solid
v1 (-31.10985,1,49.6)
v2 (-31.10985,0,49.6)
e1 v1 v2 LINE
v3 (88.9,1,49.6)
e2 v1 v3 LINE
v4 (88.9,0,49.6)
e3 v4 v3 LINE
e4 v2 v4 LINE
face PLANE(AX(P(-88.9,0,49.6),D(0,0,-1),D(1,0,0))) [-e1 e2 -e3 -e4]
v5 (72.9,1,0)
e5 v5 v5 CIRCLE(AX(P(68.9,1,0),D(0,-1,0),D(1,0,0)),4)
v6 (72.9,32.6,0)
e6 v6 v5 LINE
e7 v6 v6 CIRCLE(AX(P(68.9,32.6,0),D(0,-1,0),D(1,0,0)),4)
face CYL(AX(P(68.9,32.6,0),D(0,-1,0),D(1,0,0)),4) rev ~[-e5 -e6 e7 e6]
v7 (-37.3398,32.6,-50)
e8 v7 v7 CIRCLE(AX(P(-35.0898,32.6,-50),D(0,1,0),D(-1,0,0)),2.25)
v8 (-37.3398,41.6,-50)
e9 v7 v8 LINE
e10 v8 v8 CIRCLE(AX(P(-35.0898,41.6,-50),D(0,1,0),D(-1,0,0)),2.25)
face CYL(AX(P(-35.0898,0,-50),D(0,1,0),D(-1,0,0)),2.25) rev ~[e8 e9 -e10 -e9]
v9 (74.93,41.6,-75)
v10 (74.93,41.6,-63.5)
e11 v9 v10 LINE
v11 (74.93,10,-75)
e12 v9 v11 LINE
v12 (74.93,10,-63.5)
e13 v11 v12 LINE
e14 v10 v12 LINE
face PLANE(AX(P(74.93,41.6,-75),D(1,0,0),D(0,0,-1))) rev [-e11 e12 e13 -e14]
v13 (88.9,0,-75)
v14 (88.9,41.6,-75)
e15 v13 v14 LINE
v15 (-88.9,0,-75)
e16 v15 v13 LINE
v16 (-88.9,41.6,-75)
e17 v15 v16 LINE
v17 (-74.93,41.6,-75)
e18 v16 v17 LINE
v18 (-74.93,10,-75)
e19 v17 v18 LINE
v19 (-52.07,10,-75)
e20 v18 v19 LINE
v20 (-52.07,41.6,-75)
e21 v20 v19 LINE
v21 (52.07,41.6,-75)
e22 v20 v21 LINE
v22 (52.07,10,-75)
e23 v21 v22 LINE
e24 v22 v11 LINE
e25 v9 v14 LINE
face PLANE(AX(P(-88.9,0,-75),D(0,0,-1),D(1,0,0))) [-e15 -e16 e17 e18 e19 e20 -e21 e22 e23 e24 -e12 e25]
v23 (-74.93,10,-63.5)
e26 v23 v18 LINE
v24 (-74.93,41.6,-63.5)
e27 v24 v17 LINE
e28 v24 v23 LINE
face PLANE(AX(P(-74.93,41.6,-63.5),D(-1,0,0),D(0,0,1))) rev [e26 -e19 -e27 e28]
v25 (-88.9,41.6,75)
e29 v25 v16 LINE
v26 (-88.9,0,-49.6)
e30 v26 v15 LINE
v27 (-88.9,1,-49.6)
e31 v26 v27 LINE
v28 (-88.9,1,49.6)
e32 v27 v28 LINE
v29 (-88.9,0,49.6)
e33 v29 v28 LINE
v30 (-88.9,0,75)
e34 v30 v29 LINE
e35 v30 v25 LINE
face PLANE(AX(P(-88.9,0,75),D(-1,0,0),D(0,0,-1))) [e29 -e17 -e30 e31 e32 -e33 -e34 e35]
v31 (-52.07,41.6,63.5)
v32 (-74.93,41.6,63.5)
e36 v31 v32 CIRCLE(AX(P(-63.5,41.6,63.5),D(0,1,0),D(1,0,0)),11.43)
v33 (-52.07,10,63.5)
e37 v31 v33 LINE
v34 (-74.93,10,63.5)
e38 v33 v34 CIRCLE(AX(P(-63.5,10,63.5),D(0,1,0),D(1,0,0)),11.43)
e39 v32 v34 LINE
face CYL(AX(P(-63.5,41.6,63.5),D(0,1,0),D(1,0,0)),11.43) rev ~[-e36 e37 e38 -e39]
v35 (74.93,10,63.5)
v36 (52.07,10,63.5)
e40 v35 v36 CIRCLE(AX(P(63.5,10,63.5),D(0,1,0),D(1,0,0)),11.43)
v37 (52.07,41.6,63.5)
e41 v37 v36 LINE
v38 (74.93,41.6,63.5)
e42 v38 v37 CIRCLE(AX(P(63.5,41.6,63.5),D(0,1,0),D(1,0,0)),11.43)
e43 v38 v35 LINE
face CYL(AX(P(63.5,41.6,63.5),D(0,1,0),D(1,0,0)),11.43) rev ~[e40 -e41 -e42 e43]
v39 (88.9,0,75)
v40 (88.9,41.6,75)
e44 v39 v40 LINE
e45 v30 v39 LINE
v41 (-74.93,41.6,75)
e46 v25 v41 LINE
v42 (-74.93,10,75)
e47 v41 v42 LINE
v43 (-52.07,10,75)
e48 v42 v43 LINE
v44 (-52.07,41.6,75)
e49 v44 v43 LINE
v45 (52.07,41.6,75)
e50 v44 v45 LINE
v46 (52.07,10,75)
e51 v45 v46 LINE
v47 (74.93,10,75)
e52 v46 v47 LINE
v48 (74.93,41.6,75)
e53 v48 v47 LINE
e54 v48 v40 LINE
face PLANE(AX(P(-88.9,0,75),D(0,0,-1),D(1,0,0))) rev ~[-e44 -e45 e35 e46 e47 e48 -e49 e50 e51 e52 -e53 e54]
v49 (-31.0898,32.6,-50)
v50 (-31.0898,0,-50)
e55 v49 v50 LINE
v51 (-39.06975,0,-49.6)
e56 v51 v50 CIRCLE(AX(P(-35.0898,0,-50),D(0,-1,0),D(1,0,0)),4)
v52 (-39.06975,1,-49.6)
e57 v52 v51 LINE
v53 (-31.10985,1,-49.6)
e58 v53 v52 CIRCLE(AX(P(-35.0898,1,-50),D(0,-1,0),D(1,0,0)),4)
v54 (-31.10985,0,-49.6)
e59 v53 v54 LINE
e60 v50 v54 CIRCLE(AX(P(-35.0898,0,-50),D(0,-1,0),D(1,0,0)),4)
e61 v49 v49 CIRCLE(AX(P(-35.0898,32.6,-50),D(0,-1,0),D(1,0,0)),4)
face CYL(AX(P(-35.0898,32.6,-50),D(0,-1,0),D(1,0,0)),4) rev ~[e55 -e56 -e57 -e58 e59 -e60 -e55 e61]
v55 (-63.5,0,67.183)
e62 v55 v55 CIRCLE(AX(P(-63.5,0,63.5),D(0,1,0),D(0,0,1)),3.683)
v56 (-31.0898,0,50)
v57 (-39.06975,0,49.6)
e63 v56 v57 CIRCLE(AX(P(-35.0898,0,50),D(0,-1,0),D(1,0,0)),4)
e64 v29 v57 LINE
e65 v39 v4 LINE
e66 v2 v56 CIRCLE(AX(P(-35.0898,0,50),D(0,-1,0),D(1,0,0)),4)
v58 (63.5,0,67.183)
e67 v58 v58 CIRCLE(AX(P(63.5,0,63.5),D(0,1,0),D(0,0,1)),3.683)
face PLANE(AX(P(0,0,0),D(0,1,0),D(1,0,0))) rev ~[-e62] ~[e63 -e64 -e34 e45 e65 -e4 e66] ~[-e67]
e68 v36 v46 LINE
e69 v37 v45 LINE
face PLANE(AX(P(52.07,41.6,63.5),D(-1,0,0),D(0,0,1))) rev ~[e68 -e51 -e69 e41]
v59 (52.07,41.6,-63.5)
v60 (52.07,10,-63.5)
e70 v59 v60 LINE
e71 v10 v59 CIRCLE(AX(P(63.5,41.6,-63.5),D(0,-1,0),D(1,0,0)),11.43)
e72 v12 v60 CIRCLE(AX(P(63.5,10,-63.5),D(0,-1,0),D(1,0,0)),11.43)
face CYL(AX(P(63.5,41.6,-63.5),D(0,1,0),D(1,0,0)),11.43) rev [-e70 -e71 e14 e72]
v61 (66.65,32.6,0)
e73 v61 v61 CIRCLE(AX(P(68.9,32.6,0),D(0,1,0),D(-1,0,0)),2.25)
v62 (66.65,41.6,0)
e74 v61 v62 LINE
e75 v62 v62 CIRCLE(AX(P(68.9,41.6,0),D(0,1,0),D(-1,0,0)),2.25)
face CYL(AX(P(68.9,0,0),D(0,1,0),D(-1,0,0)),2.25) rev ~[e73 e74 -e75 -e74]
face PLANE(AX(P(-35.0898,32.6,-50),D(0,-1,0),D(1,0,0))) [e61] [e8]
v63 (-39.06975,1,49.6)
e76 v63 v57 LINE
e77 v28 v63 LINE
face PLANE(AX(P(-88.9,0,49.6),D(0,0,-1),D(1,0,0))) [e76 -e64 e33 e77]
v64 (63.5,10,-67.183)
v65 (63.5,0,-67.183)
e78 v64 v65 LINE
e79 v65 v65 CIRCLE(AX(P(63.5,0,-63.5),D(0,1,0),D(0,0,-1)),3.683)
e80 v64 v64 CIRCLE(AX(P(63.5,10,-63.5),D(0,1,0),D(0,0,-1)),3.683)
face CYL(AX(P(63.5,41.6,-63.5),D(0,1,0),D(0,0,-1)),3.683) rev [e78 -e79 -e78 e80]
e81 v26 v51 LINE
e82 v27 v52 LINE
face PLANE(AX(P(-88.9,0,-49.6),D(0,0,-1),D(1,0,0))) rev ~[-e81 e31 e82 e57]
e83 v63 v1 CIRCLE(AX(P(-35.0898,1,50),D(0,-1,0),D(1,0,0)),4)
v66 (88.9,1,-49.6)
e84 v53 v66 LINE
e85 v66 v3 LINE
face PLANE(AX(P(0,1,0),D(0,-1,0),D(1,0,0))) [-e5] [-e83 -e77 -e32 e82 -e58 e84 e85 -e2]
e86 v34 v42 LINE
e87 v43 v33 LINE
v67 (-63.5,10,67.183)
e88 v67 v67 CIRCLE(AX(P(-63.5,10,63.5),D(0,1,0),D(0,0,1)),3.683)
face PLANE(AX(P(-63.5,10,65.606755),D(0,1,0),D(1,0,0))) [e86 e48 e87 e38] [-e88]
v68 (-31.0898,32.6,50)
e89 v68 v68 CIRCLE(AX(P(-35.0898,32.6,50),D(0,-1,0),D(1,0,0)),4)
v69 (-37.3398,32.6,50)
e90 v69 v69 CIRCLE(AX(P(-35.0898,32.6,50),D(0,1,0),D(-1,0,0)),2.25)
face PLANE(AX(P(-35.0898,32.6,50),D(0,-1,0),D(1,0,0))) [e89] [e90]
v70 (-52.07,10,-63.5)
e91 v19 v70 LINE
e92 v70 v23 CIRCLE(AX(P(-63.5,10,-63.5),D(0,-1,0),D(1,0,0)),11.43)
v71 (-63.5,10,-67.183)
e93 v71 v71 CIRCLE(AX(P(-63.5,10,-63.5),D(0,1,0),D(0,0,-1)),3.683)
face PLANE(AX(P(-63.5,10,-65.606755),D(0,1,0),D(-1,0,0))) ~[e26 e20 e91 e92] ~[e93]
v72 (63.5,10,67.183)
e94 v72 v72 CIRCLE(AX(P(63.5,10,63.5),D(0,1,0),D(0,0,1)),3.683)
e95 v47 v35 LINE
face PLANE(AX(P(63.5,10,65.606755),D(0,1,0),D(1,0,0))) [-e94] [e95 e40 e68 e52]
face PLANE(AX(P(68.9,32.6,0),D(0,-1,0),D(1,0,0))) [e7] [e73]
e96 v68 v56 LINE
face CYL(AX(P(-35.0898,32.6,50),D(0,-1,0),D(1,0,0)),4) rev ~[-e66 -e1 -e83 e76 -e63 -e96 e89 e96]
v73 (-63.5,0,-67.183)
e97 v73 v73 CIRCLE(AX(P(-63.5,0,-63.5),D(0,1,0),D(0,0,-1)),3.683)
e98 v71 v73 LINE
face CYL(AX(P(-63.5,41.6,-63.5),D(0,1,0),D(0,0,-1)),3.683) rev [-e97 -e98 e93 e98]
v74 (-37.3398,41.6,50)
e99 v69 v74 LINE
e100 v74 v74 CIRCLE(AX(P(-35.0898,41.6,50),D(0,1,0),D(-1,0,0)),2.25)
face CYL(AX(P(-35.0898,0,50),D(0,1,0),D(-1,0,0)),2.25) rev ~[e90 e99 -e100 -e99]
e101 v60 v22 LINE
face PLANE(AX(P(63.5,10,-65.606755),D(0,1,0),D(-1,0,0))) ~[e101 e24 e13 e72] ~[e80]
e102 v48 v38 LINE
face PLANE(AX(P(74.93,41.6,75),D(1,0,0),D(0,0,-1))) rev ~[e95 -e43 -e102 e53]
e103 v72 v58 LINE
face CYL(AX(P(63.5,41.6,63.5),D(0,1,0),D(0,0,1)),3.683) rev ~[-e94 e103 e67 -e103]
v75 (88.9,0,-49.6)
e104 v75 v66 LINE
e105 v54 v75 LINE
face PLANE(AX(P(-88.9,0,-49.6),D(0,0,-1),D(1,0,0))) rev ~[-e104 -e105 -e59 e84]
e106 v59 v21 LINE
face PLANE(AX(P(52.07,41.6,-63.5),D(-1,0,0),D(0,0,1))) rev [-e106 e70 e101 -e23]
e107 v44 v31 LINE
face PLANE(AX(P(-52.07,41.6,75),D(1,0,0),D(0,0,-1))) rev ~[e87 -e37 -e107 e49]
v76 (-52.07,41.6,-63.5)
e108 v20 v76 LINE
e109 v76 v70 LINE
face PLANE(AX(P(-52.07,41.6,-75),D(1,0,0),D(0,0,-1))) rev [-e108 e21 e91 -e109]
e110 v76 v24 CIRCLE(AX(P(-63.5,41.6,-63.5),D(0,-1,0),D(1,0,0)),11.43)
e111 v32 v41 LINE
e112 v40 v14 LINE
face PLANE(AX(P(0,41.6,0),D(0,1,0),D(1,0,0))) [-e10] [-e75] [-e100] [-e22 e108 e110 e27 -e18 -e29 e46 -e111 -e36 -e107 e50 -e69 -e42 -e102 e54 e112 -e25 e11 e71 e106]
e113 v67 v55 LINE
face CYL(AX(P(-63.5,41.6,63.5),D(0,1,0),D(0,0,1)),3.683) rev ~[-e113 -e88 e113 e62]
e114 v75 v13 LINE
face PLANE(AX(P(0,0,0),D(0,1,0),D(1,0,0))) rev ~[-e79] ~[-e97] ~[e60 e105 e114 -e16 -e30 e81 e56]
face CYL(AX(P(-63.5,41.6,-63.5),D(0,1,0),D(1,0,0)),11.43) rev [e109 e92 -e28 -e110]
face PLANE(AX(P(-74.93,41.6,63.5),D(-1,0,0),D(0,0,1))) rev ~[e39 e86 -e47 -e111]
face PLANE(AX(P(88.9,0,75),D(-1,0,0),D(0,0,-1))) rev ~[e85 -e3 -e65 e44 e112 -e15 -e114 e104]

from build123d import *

# Parameters (mm, degrees)
SKETCH1_W                                           = 177.8
SKETCH1_H                                           = 150
BOSS_EXTRUDE1_DEPTH                                 = 41.6
SKETCH2_R                                           = 3.683
CUT_EXTRUDE1_DEPTH                                  = 42.6
CUT_EXTRUDE2_DEPTH                                  = 31.6
CBORE_FOR_M4_HEX_SOCKET_HEAD_CAP_SCREW1_D           = 4.5
CBORE_FOR_M4_HEX_SOCKET_HEAD_CAP_SCREW1_CBORE_D     = 8
CBORE_FOR_M4_HEX_SOCKET_HEAD_CAP_SCREW1_CBORE_DEPTH = 32.6
SKETCH9_W                                           = 177.8
SKETCH9_H                                           = 99.2
CUT_EXTRUDE4_DEPTH                                  = 1


with BuildPart() as part:
    # Sketch1 → Boss-Extrude1 (new body)
    with BuildSketch(Plane(origin=(0, 0, 0), x_dir=(1, 0, 0), z_dir=(0, 1, 0))):
        Rectangle(SKETCH1_W, SKETCH1_H)
    extrude(amount=BOSS_EXTRUDE1_DEPTH)

    # Sketch2 → Cut-Extrude1 (cut, through all)
    with BuildSketch(Plane(origin=(0, 41.6, 0), x_dir=(1, 0, 0), z_dir=(0, 1, 0))):
        with Locations(Location((63.5, -63.5, 0), (0, 0, 270))):  # turned: the seam where the file's is
            Circle(SKETCH2_R)
        with Locations(Location((-63.5, -63.5, 0), (0, 0, 270))):  # turned: the seam where the file's is
            Circle(SKETCH2_R)
    cut_extrude1 = extrude(amount=-CUT_EXTRUDE1_DEPTH, mode=Mode.SUBTRACT)

    # Sketch3 → Cut-Extrude2 (cut)
    with BuildSketch(Plane(origin=(0, 41.6, 0), x_dir=(1, 0, 0), z_dir=(0, 1, 0))):
        with BuildLine():
            Line((-74.93, -63.5), (-74.93, -75))
            Line((-74.93, -75), (-52.07, -75))
            Line((-52.07, -75), (-52.07, -63.5))
            ThreePointArc((-52.07, -63.5), (-63.5, -52.07), (-74.93, -63.5))
        make_face()
        with BuildLine():
            Line((52.07, -63.5), (52.07, -75))
            Line((52.07, -75), (74.93, -75))
            Line((74.93, -75), (74.93, -63.5))
            ThreePointArc((74.93, -63.5), (63.5, -52.07), (52.07, -63.5))
        make_face()
    cut_extrude2 = extrude(amount=-CUT_EXTRUDE2_DEPTH, mode=Mode.SUBTRACT)

    # Mirror1: Cut-Extrude1, Cut-Extrude2 across plane
    add(cut_extrude1.mirror(Plane(origin=(0, 0, 0), x_dir=(1, 0, 0), z_dir=(0, 0, -1))), mode=Mode.SUBTRACT)
    add(cut_extrude2.mirror(Plane(origin=(0, 0, 0), x_dir=(1, 0, 0), z_dir=(0, 0, -1))), mode=Mode.SUBTRACT)

    # CBORE for M4 Hex Socket Head Cap Screw1 (through all)
    with Locations(Plane.XZ):
        with Locations((68.9, 0), (-35.089800026, 50), (-35.089800026, -50)):
            CounterBoreHole(CBORE_FOR_M4_HEX_SOCKET_HEAD_CAP_SCREW1_D / 2, CBORE_FOR_M4_HEX_SOCKET_HEAD_CAP_SCREW1_CBORE_D / 2, CBORE_FOR_M4_HEX_SOCKET_HEAD_CAP_SCREW1_CBORE_DEPTH)

    # Sketch9 → Cut-Extrude4 (cut)
    with BuildSketch(Plane.XZ):
        Rectangle(SKETCH9_W, SKETCH9_H)
    extrude(amount=-CUT_EXTRUDE4_DEPTH, mode=Mode.SUBTRACT)


solid = part.part
